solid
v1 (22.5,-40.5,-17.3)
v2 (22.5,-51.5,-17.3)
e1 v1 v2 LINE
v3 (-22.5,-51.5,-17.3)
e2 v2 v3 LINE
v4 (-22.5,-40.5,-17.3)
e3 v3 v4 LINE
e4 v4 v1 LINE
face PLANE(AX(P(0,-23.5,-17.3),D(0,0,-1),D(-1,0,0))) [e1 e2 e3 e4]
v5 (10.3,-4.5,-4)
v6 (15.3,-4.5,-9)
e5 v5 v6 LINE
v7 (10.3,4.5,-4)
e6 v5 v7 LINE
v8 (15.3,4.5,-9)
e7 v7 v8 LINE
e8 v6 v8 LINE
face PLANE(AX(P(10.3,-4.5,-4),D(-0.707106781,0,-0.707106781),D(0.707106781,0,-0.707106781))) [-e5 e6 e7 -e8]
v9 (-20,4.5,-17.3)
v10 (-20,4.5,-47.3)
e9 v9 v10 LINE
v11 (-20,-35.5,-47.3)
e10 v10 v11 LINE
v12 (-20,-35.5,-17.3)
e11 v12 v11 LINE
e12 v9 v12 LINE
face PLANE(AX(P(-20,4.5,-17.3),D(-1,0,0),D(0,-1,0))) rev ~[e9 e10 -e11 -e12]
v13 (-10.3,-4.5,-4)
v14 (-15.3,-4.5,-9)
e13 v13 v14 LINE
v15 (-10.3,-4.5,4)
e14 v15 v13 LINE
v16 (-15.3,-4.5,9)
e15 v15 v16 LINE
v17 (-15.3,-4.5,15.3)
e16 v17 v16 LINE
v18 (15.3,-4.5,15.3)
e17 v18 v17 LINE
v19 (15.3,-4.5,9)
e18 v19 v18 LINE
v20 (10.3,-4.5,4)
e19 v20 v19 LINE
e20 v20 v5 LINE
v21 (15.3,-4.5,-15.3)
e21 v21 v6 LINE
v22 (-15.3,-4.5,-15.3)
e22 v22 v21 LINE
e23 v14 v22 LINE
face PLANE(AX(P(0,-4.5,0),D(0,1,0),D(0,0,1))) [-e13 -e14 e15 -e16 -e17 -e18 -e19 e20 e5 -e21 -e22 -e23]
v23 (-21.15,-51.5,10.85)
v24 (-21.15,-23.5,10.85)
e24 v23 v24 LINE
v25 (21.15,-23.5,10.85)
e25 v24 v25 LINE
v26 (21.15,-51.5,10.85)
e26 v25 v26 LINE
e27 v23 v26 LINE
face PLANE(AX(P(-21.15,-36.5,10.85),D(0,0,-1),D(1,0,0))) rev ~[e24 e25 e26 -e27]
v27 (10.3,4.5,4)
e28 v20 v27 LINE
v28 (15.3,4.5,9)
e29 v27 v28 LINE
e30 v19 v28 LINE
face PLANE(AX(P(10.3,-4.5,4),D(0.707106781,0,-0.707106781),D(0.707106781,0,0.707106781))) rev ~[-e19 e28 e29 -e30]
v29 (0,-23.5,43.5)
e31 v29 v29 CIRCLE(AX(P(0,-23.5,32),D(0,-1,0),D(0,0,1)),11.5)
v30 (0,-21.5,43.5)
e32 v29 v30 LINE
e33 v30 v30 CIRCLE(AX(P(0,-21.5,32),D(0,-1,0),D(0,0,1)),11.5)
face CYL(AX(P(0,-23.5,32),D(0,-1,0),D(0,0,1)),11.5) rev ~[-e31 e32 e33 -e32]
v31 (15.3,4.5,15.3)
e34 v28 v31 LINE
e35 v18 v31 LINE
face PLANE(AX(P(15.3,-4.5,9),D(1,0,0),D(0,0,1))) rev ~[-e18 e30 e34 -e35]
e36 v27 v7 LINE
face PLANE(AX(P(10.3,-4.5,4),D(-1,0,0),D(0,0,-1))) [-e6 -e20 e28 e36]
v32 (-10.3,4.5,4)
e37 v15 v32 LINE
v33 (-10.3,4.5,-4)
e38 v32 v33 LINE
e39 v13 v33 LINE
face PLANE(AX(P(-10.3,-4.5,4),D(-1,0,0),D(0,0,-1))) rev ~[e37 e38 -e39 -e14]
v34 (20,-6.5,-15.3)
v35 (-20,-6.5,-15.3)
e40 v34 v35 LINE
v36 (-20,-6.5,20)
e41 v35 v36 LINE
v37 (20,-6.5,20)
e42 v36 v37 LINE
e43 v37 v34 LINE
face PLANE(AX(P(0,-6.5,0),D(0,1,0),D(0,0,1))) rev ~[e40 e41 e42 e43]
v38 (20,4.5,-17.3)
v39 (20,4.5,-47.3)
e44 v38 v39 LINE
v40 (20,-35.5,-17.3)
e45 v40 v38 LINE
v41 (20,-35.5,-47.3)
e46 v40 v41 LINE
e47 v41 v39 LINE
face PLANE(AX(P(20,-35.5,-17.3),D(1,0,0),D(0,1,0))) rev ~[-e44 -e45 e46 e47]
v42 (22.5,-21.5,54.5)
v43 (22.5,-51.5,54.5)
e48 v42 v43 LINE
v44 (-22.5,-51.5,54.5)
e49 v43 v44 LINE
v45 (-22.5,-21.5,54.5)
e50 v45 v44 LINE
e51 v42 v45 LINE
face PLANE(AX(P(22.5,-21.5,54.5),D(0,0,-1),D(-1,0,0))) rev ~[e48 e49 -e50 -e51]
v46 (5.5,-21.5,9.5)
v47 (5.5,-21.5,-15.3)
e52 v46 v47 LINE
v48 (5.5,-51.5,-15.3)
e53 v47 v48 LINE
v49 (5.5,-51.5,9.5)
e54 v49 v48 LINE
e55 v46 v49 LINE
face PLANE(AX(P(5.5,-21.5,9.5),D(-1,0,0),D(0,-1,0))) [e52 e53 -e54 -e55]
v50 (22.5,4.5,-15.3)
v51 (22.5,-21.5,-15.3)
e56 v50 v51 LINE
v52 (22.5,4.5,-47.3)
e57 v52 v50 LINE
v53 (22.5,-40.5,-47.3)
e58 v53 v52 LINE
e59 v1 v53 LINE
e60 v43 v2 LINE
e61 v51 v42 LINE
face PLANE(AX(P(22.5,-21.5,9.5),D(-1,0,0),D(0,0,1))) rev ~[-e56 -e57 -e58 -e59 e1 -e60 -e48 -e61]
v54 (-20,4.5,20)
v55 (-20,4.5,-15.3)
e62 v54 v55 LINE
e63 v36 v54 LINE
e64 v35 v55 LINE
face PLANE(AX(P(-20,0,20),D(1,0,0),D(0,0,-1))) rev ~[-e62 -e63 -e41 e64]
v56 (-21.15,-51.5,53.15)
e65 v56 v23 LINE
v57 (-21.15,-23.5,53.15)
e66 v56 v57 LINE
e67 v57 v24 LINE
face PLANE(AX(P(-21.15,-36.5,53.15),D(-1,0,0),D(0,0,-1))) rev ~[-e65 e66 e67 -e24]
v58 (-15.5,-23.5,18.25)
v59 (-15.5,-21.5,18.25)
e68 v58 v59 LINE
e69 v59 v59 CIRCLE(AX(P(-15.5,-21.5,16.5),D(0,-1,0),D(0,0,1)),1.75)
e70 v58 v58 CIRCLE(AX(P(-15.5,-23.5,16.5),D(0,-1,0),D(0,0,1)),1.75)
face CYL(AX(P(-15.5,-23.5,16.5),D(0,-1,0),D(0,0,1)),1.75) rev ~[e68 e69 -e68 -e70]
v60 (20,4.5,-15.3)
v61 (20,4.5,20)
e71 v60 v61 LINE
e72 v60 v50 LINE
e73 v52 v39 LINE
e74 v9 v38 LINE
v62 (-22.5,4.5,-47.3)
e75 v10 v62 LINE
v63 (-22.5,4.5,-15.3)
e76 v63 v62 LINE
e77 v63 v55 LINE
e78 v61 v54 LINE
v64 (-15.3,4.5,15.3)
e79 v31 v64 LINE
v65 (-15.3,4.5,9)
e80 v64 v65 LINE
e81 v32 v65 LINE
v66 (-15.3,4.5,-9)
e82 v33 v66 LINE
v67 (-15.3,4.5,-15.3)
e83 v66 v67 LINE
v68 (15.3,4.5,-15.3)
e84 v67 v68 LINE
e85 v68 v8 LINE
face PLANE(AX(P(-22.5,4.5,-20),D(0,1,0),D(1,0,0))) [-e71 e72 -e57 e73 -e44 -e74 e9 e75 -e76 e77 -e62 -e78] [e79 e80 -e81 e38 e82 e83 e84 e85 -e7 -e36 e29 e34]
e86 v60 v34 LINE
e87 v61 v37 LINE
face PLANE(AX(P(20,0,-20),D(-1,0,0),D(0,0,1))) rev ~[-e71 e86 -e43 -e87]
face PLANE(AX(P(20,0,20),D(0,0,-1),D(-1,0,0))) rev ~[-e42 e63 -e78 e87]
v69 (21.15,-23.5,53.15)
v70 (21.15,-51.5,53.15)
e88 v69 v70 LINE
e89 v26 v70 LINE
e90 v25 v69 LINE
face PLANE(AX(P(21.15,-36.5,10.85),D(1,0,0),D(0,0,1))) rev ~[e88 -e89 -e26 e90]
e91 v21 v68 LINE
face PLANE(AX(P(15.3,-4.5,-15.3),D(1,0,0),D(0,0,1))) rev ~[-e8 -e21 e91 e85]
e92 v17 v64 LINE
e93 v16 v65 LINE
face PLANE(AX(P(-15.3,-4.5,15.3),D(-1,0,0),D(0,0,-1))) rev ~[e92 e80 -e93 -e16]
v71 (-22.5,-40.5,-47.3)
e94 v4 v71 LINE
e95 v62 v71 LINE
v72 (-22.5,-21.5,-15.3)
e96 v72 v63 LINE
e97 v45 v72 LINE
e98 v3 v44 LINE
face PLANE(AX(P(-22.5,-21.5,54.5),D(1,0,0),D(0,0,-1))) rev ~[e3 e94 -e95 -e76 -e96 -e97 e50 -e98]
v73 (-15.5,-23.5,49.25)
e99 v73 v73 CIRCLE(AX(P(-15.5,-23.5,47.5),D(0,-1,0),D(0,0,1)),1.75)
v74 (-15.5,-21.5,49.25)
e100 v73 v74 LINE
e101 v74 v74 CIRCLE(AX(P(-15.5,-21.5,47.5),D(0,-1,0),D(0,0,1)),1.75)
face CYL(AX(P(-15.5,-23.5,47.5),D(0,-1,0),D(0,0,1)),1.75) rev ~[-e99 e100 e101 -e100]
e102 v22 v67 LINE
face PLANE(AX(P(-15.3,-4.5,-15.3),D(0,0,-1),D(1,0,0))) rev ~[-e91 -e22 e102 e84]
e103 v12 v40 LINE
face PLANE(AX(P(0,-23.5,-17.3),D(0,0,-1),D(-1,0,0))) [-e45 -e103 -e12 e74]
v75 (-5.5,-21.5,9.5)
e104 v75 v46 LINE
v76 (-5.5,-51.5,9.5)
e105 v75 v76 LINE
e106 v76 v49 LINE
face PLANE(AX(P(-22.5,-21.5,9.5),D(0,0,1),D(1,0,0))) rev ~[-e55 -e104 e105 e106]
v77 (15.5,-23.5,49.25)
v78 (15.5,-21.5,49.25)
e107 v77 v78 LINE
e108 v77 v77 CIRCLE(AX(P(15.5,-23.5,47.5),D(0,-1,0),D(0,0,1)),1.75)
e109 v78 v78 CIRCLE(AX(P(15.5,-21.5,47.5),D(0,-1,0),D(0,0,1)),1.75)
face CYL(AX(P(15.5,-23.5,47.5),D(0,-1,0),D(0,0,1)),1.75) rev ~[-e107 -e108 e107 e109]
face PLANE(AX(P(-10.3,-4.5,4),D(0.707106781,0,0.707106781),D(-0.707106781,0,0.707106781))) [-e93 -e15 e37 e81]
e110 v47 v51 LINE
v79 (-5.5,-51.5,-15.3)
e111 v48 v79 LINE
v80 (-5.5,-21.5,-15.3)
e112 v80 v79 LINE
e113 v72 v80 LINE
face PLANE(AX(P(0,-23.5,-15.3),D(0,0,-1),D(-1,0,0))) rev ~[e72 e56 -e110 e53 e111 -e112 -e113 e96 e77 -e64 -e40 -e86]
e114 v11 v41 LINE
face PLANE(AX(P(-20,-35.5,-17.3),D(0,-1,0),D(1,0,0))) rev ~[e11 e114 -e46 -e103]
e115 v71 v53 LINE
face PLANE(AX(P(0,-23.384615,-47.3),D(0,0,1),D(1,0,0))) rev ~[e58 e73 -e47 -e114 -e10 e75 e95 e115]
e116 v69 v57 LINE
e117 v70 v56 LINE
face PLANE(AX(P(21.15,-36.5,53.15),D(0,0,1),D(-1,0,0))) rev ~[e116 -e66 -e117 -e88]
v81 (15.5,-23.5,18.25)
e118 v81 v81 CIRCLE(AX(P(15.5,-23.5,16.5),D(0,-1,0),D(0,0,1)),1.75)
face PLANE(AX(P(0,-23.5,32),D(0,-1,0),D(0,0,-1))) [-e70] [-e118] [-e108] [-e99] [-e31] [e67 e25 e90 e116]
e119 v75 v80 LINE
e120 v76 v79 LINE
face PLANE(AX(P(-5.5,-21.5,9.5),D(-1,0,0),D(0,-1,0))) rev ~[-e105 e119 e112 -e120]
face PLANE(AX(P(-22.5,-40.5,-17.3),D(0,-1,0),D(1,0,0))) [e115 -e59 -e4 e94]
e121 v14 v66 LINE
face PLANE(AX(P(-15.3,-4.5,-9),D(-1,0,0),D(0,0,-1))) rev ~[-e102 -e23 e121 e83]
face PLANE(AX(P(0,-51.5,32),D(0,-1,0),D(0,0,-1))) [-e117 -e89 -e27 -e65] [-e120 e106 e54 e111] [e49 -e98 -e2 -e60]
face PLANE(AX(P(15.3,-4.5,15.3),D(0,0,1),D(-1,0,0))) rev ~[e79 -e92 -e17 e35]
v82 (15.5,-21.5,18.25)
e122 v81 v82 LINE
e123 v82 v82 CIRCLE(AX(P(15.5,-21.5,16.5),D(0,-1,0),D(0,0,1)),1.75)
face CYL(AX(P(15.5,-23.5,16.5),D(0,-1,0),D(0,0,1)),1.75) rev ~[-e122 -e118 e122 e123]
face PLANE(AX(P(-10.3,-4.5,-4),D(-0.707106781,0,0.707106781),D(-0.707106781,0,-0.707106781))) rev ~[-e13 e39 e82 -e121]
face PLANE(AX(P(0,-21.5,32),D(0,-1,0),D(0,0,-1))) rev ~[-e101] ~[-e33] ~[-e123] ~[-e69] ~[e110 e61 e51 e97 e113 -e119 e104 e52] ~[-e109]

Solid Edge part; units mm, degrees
sketch "Sketch1" plane through (0, 0, 0) normal (0, -1, 0) x (1, 0, 0)
  line L0 (-20, -20) -> (20, -20)
  line L1 (20, -20) -> (20, 20)
  line L2 (20, 20) -> (-20, 20)
  line L3 (-20, 20) -> (-20, -20)
extrude "Protrusion1" add sketch "Sketch1" along normal mid plane 9
sketch "Sketch2" plane through (0, -4.5, 0) normal (0, -1, 0) x (1, 0, 0)
  line L0 (-15.3, -15.3) -> (15.3, -15.3)
  line L1 (15.3, -15.3) -> (15.3, -9)
  line L2 (10.3, -4) -> (15.3, -9)
  line L3 (10.3, 4) -> (10.3, -4)
  line L4 (10.3, 4) -> (15.3, 9)
  line L5 (15.3, 9) -> (15.3, 15.3)
  line L6 (15.3, 15.3) -> (-15.3, 15.3)
  line L7 (-15.3, 15.3) -> (-15.3, 9)
  line L8 (-10.3, 4) -> (-15.3, 9)
  line L9 (-10.3, 4) -> (-10.3, -4)
  line L10 (-10.3, -4) -> (-15.3, -9)
  line L11 (-15.3, -9) -> (-15.3, -15.3)
extrude "ExtrudedCutout_1" cut sketch "Sketch2" against normal blind 161.5
sketch "Sketch3" plane through (0, -21.5, 0) normal (0, -1, 0) x (0, 0, 1)
  line L0 (54.5, -22.5) -> (54.5, 22.5)
  line L1 (54.5, 22.5) -> (9.5, 22.5)
  line L2 (9.5, 22.5) -> (9.5, -22.5)
  line L3 (9.5, -22.5) -> (54.5, -22.5)
  dimension "D1" = 12
extrude "ExtrudedProtrusion_8" add sketch "Sketch3" along normal blind 30
sketch "Sketch4" plane through (0, -36.5, 32) normal (0, -1, 0) x (1, 0, 0)
  line L0 (-21.15, -21.15) -> (21.15, -21.15)
  line L1 (21.15, -21.15) -> (21.15, 21.15)
  line L2 (21.15, 21.15) -> (-21.15, 21.15)
  line L3 (-21.15, 21.15) -> (-21.15, -21.15)
extrude "ExtrudedCutout_4" cut sketch "Sketch4" against normal blind 13 and the other way blind 20
sketch "Sketch5" plane through (0, -23.5, 32) normal (0, -1, 0) x (0, 0, 1)
  circle A0 centre (0, 0) radius 11.5
  circle A1 centre (-15.5, 15.5) radius 1.75
  circle A2 centre (-15.5, -15.5) radius 1.75
  circle A3 centre (15.5, 15.5) radius 1.75
  circle A4 centre (15.5, -15.5) radius 1.75
  dimension "D1" = 15.5
  dimension "D2" = 5.65
extrude "Cutout1" cut sketch "Sketch5" against normal up to next
sketch "Sketch6" plane through (0, -4.5, 0) normal (0, -1, 0) x (1, 0, 0)
  line L0 (-20, 20) -> (20, 20)
  line L1 (20, 20) -> (20, -20)
  line L2 (20, -20) -> (-20, -20)
  line L3 (-20, -20) -> (-20, 20)
extrude "ExtrudedProtrusion_9" add sketch "Sketch6" along normal blind 2
sketch "Sketch7" plane through (0, -36.5, 9.5) normal (0, 0, -1) x (1, 0, 0)
  line L0 (-22.5, 15) -> (-22.5, -15)
  line L1 (-22.5, -15) -> (-5.5, -15)
  line L2 (-5.5, -15) -> (-5.5, 15)
  line L3 (-5.5, 15) -> (-22.5, 15)
  line L4 (22.5, 15) -> (22.5, -15)
  line L5 (22.5, -15) -> (5.5, -15)
  line L6 (5.5, -15) -> (5.5, 15)
  line L7 (5.5, 15) -> (22.5, 15)
extrude "ExtrudedProtrusion_13" add sketch "Sketch7" along normal blind 29
sketch "Sketch8" plane through (0, -1, -20) normal (0, 0, -1) x (0, -1, 0)
  line L0 (50.5, 22.5) -> (-5.5, 22.5)
  line L1 (-5.5, 22.5) -> (-5.5, -22.5)
  line L2 (-5.5, -22.5) -> (50.5, -22.5)
  line L3 (50.5, -22.5) -> (50.5, 22.5)
extrude "ExtrudedProtrusion_14" add sketch "Sketch8" against normal blind 4.7
sketch "Sketch9" plane through (0, -23.5, -20) normal (0, 0, -1) x (-1, 0, 0)
  line L0 (-22.5, -28) -> (22.5, -28)
  line L1 (22.5, -28) -> (22.5, 28)
  line L2 (22.5, 28) -> (-22.5, 28)
  line L3 (-22.5, 28) -> (-22.5, -28)
extrude "ExtrudedCutout_6" cut sketch "Sketch9" against normal blind 2.7
sketch "Sketch10" plane through (0, -23.5, -17.3) normal (0, 0, -1) x (-1, 0, 0)
  line L0 (20, 28) -> (22.5, 28)
  line L1 (22.5, 28) -> (22.5, -17)
  line L2 (22.5, -17) -> (-22.5, -17)
  line L3 (-22.5, -17) -> (-22.5, 28)
  line L4 (-22.5, 28) -> (-20, 28)
  line L5 (-20, -12) -> (-20, 28)
  line L6 (20, -12) -> (-20, -12)
  line L7 (20, 28) -> (20, -12)
  dimension "D1" = 20
extrude "ExtrudedProtrusion_15" add sketch "Sketch10" along normal blind 30
